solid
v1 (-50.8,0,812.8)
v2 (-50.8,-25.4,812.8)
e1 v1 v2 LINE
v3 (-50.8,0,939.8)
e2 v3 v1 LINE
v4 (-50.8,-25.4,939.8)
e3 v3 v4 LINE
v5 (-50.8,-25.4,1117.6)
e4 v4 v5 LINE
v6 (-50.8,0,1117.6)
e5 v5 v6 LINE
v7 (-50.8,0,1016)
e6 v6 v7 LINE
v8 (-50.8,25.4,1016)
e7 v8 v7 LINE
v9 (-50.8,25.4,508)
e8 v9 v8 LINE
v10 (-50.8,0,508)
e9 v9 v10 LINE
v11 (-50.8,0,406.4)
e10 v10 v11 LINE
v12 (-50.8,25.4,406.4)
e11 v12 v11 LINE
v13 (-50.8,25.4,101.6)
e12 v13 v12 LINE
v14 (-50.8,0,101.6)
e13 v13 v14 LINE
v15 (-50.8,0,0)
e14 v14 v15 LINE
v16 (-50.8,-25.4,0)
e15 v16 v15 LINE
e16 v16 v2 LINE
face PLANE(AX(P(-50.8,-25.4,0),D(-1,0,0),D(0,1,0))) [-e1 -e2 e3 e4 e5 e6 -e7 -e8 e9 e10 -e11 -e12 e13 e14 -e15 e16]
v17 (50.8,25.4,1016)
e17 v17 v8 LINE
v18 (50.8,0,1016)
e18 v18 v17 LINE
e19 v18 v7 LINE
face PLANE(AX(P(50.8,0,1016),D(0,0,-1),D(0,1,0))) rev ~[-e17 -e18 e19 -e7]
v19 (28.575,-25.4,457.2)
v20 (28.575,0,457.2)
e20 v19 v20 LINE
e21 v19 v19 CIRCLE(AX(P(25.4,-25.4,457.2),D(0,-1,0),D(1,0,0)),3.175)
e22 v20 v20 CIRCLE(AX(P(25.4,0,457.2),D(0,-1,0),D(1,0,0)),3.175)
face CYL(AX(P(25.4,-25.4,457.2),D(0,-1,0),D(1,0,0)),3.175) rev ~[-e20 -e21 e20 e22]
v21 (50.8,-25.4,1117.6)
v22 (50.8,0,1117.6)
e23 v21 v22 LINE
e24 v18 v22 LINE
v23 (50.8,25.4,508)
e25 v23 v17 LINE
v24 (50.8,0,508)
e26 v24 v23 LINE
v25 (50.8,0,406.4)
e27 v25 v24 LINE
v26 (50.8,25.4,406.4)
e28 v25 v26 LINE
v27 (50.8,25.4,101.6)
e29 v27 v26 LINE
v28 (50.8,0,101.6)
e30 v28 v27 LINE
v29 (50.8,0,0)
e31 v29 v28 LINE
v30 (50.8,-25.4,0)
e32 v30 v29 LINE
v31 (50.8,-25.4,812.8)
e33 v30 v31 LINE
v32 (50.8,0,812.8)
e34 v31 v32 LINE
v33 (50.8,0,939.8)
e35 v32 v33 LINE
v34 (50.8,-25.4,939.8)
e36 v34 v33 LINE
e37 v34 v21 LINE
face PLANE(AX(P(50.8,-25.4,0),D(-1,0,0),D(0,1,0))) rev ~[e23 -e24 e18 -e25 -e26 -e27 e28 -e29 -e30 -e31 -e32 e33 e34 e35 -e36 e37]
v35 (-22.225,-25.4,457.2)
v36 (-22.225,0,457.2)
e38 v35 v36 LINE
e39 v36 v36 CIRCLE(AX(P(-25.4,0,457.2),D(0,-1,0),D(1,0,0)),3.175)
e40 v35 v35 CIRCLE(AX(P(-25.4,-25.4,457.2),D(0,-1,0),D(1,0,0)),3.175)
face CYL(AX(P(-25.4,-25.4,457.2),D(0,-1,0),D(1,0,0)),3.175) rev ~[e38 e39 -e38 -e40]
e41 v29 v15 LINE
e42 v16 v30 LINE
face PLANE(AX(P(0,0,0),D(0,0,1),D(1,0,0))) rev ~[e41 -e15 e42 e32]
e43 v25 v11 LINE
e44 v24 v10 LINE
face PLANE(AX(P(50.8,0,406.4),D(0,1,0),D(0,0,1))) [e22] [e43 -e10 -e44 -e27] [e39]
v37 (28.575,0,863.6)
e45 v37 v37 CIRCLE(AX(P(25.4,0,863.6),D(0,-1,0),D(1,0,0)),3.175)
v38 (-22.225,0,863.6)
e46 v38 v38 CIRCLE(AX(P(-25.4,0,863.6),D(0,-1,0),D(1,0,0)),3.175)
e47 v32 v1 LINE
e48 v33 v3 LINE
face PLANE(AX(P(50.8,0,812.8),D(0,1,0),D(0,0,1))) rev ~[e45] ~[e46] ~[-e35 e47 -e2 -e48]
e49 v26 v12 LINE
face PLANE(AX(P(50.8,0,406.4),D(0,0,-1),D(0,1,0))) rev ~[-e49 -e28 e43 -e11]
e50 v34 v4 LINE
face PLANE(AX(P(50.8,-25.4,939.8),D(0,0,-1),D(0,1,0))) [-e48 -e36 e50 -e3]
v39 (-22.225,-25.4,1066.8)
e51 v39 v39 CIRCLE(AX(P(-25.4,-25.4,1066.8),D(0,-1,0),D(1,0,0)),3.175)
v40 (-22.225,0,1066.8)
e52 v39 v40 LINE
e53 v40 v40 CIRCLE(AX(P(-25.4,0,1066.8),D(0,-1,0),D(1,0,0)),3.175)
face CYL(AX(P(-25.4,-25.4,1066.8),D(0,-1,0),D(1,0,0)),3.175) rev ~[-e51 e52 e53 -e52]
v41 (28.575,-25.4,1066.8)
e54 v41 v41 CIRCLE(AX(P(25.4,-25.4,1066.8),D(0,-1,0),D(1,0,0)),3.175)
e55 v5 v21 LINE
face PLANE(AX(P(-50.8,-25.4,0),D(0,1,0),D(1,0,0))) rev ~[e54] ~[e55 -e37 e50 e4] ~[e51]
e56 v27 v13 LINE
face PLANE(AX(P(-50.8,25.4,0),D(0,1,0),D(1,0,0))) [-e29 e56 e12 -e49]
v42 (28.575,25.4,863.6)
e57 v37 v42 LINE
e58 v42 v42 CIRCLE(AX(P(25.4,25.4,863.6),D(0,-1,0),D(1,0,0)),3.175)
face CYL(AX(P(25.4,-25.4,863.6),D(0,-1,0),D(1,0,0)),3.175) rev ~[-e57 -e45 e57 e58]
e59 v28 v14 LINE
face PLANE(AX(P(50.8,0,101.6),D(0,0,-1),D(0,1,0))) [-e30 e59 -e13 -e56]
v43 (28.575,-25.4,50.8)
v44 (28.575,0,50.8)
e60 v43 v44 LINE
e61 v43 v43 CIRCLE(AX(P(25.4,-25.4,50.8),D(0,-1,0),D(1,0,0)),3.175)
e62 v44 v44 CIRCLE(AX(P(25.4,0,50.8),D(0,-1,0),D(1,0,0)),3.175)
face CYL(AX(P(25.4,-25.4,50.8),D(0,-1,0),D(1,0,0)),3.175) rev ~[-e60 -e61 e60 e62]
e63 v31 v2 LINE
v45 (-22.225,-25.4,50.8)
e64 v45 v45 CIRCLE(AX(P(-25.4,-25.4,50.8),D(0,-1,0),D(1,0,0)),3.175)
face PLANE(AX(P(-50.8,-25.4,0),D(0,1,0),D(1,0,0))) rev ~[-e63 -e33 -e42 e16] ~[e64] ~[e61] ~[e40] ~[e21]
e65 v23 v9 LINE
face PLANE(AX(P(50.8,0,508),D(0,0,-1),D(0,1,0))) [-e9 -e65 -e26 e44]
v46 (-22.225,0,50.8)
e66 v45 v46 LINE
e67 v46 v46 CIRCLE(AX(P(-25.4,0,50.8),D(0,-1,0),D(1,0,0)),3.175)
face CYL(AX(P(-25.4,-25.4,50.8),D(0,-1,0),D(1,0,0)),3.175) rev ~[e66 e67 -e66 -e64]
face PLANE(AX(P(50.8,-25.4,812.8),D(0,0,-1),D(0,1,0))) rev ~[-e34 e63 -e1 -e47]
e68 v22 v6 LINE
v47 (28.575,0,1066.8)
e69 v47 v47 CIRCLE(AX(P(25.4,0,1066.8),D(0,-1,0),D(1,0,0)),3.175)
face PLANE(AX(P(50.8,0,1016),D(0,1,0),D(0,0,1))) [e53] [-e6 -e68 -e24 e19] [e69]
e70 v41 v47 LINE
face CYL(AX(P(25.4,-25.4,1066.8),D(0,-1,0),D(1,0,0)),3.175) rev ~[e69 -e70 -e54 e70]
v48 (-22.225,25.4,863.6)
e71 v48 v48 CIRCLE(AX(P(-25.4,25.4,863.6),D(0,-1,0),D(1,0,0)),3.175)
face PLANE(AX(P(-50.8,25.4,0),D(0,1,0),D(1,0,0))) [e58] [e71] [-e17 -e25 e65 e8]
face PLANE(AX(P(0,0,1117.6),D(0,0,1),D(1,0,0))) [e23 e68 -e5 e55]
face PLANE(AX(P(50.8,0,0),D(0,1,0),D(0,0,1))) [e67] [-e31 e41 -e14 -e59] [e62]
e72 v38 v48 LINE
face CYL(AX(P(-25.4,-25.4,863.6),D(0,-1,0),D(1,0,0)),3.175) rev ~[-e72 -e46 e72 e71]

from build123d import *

# Parameters (mm, degrees)
F0_W     = 101.6
F0_H     = 50.8
F1_DEPTH = 1117.6
F2_W     = 25.4
F2_H     = 101.6
F2_H_2   = 127
F3_DEPTH = 101.601
F4_R     = 3.175
F5_DEPTH = 50.801


with BuildPart() as f1:
    # F0 (on Top) → F1 (new body)
    with BuildSketch(Plane.XY):
        Rectangle(F0_W, F0_H)
    extrude(amount=F1_DEPTH)

    # F2 (on face) → F3 (cut, through all)
    with BuildSketch(Plane.YZ.offset(50.8)):
        with Locations((12.7, 457.2)):
            Rectangle(F2_W, F2_H)
        with Locations((12.7, 50.8)):
            Rectangle(F2_W, F2_H)
        with Locations((12.7, 1066.8)):
            Rectangle(F2_W, F2_H)
        with Locations((-12.7, 876.3)):
            Rectangle(F2_W, F2_H_2)
    extrude(amount=-F3_DEPTH, mode=Mode.SUBTRACT)

    # F4 (on face) → F5 (cut, through all)
    with BuildSketch(Plane.XZ.offset(25.4)):
        with Locations((-25.4, 1066.8)):
            Circle(F4_R)
        with Locations((-25.4, 457.2)):
            Circle(F4_R)
        with Locations((-25.4, 50.8)):
            Circle(F4_R)
        with Locations((25.4, 1066.8)):
            Circle(F4_R)
        with Locations((25.4, 457.2)):
            Circle(F4_R)
        with Locations((25.4, 50.8)):
            Circle(F4_R)
        with Locations((-25.4, 863.6)):
            Circle(F4_R)
        with Locations((25.4, 863.6)):
            Circle(F4_R)
    extrude(amount=-F5_DEPTH, mode=Mode.SUBTRACT)


solid = f1.part
